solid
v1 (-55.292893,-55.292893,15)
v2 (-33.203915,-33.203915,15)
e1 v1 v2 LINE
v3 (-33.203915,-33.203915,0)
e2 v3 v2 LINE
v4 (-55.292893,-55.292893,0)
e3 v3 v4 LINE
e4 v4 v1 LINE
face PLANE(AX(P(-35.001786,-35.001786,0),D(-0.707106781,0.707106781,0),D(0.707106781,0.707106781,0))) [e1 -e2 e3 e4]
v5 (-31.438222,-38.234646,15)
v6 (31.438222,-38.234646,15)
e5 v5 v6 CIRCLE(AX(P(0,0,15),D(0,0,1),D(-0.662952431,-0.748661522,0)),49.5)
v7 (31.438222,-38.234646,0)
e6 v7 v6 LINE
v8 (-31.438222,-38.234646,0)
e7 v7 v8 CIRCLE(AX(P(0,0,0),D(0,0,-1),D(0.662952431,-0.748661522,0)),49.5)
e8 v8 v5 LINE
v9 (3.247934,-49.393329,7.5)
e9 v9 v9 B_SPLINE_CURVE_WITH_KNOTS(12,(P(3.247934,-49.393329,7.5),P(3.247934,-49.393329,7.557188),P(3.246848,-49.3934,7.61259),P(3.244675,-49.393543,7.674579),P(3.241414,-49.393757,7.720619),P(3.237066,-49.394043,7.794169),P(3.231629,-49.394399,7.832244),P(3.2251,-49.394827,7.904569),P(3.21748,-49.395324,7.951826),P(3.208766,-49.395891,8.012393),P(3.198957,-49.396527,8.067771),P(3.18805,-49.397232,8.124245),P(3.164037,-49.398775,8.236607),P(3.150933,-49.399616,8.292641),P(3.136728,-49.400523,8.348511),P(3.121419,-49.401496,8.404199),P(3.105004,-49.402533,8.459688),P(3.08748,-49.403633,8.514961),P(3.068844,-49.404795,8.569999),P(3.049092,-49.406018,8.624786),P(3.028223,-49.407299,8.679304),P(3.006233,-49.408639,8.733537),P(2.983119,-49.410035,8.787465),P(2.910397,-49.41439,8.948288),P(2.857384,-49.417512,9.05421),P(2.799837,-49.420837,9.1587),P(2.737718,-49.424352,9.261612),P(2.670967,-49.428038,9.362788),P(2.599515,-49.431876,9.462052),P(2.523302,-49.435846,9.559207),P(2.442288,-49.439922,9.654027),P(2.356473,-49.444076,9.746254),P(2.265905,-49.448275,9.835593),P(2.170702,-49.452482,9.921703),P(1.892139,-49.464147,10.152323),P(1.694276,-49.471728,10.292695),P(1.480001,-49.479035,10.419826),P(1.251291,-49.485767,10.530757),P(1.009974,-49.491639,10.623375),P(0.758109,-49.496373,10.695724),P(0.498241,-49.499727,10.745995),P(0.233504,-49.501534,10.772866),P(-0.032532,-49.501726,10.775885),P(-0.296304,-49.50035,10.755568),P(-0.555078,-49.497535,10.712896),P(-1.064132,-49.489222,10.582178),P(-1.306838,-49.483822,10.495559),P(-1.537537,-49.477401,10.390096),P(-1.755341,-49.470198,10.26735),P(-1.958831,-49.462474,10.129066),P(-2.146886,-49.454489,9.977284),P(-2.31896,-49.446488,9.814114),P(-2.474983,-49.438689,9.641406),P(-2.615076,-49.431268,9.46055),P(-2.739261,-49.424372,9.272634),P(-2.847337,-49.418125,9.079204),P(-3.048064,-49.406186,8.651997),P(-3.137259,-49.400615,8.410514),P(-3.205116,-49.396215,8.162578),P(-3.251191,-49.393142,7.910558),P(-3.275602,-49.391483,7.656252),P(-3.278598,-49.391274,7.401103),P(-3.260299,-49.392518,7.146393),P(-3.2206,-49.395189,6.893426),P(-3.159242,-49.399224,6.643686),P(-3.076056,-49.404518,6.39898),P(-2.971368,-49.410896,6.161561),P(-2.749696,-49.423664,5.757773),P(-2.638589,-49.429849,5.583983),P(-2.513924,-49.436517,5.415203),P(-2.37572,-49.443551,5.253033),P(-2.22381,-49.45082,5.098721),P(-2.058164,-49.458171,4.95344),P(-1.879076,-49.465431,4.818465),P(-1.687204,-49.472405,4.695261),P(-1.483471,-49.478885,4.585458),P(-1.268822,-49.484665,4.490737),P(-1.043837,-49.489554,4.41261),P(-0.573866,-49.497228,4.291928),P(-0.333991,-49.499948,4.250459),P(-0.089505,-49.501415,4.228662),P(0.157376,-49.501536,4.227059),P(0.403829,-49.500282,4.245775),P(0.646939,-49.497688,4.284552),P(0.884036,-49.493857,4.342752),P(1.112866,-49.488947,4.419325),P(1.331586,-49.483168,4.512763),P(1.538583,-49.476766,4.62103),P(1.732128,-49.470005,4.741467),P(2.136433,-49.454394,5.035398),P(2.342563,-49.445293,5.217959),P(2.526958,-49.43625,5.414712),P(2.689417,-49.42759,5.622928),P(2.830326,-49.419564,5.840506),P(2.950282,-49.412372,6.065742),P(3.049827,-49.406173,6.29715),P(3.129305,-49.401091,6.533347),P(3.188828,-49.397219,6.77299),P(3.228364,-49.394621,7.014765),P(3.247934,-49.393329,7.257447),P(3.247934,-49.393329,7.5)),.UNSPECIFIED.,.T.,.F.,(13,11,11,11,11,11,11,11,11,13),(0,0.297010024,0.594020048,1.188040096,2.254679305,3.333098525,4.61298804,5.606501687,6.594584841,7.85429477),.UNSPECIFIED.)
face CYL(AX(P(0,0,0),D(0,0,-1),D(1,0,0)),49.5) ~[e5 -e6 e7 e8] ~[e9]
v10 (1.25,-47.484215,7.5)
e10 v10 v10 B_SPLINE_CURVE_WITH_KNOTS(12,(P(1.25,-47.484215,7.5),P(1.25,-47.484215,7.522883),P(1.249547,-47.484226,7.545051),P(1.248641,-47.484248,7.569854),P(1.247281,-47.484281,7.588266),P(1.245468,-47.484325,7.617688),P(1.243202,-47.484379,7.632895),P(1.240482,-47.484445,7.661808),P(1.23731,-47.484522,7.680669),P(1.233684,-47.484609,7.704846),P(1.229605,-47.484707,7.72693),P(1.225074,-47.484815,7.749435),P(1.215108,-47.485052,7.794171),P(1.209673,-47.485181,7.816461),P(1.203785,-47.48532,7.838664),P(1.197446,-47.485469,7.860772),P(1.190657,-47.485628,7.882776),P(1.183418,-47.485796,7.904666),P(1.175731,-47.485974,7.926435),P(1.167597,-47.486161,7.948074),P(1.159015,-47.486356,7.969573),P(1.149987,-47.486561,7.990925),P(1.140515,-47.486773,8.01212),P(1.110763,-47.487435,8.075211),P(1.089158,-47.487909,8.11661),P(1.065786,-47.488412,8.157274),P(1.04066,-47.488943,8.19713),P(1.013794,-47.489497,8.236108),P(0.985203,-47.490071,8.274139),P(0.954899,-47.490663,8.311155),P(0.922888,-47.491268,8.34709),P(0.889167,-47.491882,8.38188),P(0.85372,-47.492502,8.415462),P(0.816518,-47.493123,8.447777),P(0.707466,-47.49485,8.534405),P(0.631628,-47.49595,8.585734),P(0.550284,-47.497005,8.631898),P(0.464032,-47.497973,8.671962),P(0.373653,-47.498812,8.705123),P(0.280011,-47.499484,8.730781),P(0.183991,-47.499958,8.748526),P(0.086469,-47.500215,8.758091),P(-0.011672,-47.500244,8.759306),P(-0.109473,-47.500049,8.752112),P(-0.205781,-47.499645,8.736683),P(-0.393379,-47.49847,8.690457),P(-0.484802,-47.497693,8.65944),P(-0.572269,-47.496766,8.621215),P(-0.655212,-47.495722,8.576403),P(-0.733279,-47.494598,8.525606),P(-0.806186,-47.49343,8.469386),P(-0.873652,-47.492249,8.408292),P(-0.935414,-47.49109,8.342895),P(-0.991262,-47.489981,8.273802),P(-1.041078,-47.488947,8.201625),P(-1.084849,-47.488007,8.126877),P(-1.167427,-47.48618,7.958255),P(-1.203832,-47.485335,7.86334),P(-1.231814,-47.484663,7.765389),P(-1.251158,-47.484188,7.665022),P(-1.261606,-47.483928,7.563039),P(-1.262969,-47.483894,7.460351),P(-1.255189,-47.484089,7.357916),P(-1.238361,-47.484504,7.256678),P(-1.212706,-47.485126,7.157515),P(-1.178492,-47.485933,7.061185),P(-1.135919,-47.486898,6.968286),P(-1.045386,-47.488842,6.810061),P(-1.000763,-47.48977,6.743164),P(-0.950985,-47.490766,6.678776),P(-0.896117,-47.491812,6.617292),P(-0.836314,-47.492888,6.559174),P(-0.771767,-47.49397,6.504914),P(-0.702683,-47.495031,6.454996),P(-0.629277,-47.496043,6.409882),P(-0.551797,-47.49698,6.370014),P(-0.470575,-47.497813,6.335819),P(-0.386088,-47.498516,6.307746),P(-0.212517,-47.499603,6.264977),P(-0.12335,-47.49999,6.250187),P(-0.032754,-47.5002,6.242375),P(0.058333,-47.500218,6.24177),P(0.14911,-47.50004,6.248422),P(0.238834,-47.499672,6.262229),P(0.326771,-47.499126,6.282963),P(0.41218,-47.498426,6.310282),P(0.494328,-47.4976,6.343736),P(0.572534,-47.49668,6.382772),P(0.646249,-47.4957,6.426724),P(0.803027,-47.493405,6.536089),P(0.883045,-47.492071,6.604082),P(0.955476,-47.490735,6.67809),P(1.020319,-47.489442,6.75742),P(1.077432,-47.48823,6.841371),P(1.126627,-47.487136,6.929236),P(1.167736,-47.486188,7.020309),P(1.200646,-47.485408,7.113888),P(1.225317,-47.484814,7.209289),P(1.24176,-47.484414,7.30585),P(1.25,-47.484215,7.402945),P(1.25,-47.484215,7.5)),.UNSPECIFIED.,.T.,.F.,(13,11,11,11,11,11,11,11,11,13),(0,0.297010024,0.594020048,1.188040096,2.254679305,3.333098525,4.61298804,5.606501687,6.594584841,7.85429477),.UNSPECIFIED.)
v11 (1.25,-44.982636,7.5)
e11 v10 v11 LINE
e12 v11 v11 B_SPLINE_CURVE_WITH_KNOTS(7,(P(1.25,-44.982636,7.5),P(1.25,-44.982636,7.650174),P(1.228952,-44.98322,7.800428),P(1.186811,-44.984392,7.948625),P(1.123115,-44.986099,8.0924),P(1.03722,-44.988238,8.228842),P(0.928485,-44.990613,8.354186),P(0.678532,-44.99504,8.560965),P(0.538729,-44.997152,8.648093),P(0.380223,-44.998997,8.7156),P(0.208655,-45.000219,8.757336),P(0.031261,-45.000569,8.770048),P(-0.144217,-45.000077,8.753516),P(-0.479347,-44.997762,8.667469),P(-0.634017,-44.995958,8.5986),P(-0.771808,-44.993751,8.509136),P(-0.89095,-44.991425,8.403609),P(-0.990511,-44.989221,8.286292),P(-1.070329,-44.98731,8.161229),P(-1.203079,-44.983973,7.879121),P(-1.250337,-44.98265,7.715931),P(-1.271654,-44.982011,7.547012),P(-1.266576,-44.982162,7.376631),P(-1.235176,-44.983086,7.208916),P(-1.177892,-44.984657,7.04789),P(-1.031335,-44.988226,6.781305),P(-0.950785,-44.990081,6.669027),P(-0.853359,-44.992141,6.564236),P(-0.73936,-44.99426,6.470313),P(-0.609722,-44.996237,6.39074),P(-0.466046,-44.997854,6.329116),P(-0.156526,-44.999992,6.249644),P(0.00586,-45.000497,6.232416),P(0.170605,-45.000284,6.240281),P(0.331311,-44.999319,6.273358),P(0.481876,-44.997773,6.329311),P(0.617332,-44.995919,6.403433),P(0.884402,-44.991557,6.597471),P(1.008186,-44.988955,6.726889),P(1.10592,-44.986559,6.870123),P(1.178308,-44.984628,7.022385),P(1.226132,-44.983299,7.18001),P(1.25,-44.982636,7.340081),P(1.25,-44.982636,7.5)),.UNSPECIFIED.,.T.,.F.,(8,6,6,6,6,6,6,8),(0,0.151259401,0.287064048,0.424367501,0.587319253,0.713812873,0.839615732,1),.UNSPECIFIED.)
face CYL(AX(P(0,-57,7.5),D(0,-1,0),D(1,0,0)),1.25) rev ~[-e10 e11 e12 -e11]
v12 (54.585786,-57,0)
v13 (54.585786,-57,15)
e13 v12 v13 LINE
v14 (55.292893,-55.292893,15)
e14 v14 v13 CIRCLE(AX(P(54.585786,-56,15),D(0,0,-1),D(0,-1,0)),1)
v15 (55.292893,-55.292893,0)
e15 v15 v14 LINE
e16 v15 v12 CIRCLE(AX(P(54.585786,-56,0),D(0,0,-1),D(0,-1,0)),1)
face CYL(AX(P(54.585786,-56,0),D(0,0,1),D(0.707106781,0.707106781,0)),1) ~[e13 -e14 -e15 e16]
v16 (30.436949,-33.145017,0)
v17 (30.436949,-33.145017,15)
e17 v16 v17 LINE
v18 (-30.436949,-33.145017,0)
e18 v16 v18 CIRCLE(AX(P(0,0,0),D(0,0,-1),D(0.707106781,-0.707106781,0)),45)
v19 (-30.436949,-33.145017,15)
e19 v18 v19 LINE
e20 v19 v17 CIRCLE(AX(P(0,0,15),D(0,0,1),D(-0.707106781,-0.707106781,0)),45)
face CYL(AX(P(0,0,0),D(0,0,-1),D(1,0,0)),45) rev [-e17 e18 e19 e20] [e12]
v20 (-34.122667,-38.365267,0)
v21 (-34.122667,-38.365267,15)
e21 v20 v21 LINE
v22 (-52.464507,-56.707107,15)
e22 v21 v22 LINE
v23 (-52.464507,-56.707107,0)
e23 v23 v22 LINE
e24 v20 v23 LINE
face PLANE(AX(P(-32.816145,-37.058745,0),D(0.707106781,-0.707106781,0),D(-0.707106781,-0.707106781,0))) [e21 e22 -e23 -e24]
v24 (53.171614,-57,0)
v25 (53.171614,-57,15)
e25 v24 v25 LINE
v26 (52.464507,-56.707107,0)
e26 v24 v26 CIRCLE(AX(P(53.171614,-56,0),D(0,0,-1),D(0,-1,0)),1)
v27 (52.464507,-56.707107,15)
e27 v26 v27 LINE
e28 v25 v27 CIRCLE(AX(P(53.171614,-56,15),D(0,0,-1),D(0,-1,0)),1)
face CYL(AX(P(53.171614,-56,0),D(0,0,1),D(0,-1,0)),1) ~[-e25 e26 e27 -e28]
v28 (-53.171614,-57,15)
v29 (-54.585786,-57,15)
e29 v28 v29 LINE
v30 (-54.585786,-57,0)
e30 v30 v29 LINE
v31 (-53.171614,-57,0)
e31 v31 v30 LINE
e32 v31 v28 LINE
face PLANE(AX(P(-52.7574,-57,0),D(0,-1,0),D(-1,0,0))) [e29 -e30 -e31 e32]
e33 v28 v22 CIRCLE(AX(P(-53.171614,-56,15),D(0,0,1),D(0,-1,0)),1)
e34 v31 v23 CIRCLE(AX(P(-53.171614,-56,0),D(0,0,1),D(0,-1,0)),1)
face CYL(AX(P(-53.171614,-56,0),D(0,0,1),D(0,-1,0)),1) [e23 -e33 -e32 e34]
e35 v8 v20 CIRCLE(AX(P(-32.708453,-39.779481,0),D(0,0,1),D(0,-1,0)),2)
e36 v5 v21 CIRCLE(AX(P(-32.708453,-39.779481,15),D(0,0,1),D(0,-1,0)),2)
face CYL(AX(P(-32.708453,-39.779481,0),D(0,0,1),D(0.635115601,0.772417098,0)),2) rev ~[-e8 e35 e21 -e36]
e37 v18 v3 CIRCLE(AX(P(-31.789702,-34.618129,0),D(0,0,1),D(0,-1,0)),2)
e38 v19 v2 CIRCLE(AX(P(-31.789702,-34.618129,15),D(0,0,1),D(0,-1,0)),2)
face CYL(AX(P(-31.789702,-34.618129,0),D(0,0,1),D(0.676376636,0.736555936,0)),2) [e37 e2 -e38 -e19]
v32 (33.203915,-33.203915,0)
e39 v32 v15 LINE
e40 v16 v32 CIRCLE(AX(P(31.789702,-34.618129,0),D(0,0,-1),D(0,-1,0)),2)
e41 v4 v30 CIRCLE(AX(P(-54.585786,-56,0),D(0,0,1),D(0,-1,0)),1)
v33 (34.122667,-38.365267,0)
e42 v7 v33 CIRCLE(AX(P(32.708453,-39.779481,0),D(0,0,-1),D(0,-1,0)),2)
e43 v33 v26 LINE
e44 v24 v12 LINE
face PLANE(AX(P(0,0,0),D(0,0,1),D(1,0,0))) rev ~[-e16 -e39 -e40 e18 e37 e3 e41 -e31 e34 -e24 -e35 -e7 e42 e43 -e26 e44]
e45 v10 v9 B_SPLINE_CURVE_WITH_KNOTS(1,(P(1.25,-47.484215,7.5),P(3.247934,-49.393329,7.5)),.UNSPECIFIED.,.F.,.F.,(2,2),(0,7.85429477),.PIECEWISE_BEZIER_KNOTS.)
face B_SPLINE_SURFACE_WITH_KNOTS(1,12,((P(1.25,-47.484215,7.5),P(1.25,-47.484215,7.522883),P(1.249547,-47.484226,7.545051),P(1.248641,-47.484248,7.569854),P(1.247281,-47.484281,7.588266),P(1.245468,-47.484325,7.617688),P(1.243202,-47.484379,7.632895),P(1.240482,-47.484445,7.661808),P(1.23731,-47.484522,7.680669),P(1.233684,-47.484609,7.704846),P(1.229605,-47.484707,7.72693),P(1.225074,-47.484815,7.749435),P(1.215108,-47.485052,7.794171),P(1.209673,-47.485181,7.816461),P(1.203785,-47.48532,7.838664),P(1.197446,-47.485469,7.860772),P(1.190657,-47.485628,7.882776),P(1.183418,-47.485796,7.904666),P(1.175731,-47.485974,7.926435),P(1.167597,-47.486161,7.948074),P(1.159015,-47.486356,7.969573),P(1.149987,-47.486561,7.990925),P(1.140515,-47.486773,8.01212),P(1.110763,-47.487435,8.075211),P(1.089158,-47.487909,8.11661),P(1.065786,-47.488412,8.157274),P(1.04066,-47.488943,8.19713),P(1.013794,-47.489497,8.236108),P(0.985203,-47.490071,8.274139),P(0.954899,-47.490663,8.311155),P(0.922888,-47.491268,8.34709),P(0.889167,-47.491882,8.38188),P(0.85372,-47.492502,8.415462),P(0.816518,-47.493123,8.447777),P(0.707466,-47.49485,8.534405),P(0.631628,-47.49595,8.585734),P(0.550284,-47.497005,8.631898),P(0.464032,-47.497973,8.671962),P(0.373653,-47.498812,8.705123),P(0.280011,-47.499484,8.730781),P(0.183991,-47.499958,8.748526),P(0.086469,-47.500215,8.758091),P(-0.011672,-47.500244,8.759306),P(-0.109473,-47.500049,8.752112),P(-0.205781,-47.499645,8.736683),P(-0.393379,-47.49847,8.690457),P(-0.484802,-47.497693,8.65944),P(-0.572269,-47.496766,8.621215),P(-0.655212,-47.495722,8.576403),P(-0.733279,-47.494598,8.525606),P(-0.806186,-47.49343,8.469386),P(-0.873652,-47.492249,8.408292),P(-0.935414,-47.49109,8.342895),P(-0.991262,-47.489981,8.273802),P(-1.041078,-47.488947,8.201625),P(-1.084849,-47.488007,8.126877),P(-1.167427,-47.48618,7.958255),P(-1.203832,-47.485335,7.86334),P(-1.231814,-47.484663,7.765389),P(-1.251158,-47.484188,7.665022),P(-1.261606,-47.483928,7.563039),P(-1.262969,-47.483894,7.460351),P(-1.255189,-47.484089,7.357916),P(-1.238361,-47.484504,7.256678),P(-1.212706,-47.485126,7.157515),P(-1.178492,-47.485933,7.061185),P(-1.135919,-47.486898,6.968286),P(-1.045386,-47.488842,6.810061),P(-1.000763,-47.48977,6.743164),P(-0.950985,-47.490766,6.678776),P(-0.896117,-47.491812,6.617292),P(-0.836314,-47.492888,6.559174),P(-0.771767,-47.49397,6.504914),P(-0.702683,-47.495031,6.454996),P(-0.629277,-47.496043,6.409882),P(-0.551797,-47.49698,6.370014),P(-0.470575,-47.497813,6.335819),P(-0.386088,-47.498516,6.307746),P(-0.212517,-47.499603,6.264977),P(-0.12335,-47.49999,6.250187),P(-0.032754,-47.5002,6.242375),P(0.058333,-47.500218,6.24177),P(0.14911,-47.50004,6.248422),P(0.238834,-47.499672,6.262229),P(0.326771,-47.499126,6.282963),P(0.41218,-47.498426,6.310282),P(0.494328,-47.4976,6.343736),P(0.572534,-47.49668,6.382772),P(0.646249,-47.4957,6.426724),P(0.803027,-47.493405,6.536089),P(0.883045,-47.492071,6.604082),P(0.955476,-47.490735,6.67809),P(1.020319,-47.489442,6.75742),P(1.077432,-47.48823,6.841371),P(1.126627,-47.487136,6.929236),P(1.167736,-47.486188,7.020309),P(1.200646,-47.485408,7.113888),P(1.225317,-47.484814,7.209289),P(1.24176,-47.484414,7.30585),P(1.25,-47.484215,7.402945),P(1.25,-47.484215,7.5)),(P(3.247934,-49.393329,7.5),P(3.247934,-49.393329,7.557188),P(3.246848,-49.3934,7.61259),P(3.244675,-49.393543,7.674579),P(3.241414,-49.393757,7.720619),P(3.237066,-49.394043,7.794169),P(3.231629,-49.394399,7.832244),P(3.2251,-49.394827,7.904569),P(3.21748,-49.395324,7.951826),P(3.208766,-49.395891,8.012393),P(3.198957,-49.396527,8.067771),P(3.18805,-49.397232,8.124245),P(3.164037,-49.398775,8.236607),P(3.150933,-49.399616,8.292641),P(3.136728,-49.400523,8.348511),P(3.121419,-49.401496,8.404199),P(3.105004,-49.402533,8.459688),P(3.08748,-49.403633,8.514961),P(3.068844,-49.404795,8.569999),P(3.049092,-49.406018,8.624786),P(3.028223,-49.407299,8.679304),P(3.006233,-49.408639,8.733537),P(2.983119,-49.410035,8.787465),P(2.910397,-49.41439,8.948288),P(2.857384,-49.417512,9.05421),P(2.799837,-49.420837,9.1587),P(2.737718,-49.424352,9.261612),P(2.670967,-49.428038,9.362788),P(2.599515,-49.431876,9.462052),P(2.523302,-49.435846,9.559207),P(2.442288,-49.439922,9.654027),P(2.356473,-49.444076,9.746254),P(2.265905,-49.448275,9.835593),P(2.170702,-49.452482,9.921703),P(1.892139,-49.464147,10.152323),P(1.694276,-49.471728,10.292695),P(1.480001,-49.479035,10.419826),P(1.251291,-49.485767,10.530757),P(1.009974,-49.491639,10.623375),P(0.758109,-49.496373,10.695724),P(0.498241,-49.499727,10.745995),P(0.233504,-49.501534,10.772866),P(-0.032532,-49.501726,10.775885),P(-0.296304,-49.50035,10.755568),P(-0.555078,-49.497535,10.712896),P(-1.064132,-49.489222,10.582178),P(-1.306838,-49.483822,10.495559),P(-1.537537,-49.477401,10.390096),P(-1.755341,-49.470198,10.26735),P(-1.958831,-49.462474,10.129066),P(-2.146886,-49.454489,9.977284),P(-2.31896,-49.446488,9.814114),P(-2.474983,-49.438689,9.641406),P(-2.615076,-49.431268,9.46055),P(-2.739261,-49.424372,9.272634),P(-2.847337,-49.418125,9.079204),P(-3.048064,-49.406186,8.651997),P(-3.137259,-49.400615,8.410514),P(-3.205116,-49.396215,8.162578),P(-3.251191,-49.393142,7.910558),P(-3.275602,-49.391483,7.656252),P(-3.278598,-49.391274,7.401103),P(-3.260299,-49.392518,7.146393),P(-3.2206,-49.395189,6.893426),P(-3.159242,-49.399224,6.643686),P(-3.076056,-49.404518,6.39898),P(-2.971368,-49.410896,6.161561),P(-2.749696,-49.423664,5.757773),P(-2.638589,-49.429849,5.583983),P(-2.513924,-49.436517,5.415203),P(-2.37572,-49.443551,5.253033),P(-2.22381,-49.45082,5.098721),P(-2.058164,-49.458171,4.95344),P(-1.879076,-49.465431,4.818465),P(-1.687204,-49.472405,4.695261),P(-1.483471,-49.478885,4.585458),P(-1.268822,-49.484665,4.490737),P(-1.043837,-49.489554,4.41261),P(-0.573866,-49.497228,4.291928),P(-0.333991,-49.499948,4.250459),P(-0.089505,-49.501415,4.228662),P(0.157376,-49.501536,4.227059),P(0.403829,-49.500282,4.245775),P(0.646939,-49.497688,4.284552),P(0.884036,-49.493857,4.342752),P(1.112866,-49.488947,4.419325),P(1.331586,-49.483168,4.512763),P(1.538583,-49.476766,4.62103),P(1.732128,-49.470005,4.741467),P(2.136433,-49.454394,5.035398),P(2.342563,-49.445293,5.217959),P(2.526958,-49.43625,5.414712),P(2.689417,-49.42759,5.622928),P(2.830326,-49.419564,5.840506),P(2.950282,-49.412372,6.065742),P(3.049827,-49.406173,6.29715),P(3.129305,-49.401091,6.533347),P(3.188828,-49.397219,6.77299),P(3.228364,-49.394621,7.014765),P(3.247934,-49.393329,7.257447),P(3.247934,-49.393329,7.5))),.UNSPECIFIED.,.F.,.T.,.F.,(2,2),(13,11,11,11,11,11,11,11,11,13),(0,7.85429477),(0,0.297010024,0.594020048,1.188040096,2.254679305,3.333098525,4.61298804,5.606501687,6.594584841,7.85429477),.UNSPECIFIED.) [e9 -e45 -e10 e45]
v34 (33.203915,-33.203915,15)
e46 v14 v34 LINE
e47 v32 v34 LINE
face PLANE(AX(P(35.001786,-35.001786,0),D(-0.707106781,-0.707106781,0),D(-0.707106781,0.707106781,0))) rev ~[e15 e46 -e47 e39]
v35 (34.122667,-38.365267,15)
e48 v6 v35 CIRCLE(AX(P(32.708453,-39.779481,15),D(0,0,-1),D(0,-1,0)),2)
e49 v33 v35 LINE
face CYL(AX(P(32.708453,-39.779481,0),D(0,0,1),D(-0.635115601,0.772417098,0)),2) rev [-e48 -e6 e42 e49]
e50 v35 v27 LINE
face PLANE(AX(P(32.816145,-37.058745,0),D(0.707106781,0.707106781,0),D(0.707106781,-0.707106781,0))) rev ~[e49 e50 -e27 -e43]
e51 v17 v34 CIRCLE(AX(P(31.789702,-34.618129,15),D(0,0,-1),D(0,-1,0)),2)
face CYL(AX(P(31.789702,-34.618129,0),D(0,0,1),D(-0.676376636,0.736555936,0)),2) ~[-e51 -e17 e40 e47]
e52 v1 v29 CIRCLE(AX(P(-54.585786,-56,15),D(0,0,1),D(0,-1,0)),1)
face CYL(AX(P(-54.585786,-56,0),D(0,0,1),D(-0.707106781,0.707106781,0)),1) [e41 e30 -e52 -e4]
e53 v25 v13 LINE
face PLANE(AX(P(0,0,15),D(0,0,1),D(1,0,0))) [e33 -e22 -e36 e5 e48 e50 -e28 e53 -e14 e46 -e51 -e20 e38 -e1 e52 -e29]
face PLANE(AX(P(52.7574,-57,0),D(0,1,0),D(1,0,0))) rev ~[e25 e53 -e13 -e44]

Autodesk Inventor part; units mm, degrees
ref_plane "YZ Plane" through (0, 0, 0) normal (1, 0, 0) x (0, 1, 0)
ref_plane "XZ Plane" through (0, 0, 0) normal (0, 1, 0) x (-1, 0, 0)
ref_plane "XY Plane" through (0, 0, 0) normal (0, 0, 1) x (1, 0, 0)
sketch "Sketch1" plane through (0, 0, 0) normal (0, 0, 1) x (1, 0, 0)
  circle A0 centre (0, 0) radius 45
  line L0 (0, 0) -> (0, -60)
  line L1 (0, -60) -> (60, -60)
  line L2 (60, -60) -> (31.8198, -31.8198)
  line L3 (0, -60) -> (-60, -60)
  line L4 (-60, -60) -> (-31.8198, -31.8198)
  line L5 (29.6985, -33.9411) -> (52.7574, -57)
  line L6 (52.7574, -57) -> (0, -57)
  line L7 (-29.6985, -33.9411) -> (-52.7574, -57)
  line L8 (-52.7574, -57) -> (0, -57)
  circle A1 centre (0, 0) radius 49.5
  line L9 (-52.7574, -57) -> (-57, -57)
  line L10 (52.7574, -57) -> (57, -57)
  point P0 (0, -45)
  point P1 (32.8161, -37.0588)
  point P2 (-32.8161, -37.0588)
  dimension "d0" = 90
  dimension "d1" = 60
  dimension "d2" = 60
  dimension "d3" = 45
  dimension "d18" = 3
  dimension "d19" = 3
  dimension "d20" = 4.5
extrude "Extrusion1" add sketch "Sketch1" along normal blind 15 contours A0 L0 A1 L4 | L2 A1 L0 A0 | A1 L7 L9 L4 | L2 L10 L5 A1
sketch "Sketch7" plane through (-60, -57, 0) normal (0, -1, 0) x (1, 0, 0)
  circle A0 centre (60, 7.5) radius 3.5 projected
  circle A1 centre (60, 7.5) radius 1.25
  point P0 (60, 0)
  dimension "d31" = 2.5
extrude "Extrusion7" cut sketch "Sketch7" against normal blind 21.25 contours A1
chamfer "Chamfer1" distance 2 angle 45 1 edges at (-1.25, -49.4842, 7.5043)
fillet "Fillet1" radius 2 4 edges at (-32.8161, -37.0588, 7.5) (32.8161, -37.0588, 7.5) (-31.8198, -31.8198, 7.5) (31.8198, -31.8198, 7.5)
fillet "Fillet3" radius 1 4 edges at (-52.7574, -57, 7.5) (-57, -57, 7.5) (57, -57, 7.5) (52.7574, -57, 7.5)
properties part number "Horizontal Base_3DPrint"
